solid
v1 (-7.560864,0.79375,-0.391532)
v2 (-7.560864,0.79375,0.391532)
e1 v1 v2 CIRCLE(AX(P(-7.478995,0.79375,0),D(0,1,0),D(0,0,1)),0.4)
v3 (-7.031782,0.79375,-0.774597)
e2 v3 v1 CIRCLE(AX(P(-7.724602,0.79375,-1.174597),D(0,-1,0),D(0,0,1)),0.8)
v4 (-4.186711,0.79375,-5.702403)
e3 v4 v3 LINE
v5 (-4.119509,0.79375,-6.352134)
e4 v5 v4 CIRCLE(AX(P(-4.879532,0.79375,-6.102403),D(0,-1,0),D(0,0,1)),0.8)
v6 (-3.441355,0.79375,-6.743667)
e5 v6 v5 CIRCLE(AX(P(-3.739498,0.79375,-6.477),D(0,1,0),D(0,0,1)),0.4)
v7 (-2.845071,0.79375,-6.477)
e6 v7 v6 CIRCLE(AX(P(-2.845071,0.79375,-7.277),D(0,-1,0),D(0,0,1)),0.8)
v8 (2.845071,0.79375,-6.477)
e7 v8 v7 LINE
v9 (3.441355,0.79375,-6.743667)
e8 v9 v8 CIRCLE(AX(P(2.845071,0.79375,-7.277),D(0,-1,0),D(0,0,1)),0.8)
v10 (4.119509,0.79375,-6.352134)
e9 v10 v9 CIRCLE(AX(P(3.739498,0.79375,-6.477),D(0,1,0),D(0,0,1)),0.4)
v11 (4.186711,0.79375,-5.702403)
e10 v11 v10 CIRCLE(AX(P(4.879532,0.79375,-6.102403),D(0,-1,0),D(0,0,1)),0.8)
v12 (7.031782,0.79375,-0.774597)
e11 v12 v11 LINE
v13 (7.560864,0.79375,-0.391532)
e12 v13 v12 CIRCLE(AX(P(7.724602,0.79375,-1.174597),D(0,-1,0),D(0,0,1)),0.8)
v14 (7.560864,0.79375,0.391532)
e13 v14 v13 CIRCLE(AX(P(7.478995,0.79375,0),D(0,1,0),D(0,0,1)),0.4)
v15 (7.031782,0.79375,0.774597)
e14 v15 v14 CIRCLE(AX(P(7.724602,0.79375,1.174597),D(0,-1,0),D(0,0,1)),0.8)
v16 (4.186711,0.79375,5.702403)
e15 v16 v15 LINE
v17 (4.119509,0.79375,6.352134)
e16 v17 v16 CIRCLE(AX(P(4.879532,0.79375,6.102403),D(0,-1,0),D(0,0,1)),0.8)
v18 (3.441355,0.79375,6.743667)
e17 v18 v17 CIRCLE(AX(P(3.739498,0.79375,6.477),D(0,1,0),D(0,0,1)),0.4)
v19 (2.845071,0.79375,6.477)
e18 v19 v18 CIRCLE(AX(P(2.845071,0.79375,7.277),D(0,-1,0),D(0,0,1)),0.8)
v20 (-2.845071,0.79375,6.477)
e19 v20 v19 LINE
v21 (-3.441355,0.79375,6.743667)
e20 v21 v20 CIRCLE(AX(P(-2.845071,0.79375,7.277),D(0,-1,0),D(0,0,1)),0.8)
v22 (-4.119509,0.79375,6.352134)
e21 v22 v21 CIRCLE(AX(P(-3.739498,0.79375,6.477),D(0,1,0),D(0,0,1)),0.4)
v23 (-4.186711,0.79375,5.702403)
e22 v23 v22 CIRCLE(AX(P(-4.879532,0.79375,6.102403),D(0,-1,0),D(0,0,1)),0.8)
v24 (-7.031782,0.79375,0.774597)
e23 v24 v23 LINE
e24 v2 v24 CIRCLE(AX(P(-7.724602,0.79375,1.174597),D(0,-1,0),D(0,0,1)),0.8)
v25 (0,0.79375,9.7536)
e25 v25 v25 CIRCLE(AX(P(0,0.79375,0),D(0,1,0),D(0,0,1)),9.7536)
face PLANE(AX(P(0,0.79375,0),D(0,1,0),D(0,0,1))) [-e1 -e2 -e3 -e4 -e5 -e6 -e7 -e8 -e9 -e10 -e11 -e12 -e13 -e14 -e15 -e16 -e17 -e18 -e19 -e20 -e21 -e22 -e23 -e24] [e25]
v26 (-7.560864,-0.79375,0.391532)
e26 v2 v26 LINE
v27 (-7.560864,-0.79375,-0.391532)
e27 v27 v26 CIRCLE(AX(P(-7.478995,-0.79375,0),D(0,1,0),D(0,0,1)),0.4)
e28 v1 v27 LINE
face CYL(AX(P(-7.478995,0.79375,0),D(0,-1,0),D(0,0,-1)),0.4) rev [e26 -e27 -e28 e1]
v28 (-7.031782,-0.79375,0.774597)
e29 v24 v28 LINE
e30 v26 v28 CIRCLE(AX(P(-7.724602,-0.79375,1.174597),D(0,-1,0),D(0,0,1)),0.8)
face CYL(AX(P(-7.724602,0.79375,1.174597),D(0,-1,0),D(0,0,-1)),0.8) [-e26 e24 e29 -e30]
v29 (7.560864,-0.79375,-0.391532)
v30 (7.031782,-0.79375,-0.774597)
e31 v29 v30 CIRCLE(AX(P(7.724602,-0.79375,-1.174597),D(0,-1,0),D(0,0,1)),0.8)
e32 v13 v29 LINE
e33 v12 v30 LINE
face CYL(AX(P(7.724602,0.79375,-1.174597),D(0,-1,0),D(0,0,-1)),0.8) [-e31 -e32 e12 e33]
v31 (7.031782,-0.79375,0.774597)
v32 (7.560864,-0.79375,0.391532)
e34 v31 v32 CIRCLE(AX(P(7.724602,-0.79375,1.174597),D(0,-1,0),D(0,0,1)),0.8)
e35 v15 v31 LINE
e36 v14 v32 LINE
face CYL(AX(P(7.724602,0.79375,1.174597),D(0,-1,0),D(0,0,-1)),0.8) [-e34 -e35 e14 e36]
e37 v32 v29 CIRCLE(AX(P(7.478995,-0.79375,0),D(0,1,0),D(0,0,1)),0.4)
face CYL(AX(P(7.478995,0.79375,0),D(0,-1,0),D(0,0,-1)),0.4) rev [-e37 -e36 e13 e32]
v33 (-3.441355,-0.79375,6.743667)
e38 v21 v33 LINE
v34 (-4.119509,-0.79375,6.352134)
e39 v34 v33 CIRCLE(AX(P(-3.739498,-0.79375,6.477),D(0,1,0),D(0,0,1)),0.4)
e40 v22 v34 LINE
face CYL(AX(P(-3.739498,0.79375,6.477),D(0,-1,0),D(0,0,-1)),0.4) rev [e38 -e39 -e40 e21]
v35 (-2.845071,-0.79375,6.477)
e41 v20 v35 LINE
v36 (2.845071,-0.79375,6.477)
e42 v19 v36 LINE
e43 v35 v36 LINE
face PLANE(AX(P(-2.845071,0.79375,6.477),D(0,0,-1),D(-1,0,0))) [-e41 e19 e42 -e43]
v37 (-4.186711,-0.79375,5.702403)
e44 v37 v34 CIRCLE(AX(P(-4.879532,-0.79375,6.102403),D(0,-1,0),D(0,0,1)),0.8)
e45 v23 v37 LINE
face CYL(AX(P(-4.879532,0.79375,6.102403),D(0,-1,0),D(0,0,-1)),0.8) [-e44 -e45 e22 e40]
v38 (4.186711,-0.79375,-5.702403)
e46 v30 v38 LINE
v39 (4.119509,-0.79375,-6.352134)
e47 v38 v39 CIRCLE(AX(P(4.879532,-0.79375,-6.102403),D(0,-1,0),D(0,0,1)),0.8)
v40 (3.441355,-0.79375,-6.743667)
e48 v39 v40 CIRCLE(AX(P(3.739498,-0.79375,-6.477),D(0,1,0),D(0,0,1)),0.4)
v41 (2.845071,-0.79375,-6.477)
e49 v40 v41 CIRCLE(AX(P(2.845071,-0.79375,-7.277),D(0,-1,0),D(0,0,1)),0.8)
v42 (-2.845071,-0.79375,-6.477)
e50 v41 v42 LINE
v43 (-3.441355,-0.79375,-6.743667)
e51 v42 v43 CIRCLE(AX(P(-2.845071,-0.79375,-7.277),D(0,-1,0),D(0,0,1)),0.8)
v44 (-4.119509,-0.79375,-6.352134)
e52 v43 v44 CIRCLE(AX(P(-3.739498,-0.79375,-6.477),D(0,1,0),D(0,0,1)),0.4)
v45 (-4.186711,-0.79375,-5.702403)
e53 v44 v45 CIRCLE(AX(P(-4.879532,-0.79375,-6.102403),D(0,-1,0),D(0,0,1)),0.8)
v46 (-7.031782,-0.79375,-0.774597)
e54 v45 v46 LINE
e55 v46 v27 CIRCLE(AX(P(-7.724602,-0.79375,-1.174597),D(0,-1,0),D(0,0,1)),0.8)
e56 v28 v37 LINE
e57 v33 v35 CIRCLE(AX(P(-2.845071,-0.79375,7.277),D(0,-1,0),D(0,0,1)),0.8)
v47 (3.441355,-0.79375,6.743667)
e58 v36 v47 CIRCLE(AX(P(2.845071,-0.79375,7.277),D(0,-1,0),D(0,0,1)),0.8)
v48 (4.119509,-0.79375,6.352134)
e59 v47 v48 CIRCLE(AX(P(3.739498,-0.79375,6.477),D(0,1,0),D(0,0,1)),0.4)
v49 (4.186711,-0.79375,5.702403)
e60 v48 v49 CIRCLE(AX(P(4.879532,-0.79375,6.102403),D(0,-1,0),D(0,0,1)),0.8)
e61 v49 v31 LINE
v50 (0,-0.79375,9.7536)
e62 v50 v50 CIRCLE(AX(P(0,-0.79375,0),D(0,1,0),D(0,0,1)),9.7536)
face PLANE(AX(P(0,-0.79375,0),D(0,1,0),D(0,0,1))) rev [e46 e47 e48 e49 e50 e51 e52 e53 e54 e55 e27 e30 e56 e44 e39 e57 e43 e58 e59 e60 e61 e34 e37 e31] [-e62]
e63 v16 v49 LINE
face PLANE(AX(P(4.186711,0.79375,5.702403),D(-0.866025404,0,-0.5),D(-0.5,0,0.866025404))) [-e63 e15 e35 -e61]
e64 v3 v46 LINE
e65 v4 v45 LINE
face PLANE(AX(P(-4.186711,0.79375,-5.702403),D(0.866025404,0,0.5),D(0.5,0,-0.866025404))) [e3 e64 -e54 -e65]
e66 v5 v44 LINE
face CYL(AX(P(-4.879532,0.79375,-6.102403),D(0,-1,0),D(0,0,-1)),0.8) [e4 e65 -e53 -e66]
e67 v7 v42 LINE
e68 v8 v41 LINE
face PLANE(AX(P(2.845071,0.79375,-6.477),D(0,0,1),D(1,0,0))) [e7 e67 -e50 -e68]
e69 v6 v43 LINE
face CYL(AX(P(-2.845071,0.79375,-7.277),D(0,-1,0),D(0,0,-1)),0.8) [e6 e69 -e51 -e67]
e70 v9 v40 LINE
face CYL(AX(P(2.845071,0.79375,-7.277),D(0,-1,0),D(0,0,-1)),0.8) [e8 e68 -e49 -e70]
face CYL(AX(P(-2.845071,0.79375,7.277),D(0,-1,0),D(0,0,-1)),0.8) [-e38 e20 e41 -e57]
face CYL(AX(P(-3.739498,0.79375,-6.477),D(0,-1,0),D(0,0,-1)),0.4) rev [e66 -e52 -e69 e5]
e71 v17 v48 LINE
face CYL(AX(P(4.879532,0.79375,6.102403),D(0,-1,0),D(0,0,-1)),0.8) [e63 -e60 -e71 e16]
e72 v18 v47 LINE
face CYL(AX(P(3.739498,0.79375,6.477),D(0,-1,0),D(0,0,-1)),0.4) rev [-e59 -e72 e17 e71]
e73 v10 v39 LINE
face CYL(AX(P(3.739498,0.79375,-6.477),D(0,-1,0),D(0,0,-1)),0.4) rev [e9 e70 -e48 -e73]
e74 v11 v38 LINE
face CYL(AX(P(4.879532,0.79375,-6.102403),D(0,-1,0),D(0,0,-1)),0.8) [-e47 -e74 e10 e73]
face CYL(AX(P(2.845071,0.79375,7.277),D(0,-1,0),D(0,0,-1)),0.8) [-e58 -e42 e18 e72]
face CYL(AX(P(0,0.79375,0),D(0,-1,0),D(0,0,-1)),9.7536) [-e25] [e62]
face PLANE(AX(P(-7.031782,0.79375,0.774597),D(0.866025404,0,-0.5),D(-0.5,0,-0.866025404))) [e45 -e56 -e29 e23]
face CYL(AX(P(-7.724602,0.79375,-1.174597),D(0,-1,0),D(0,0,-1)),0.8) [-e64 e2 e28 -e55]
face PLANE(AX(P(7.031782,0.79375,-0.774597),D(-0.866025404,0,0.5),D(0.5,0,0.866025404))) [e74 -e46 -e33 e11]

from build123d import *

# Parameters (mm, degrees)
CROQUIS1_R              = 9.7536
SALIENTE_EXTRUIR1_DEPTH = 0.79375


with BuildPart() as part:
    # Croquis1 → Saliente-Extruir1 (new, symmetric)
    with BuildSketch(Plane(origin=(0, 0, 0), x_dir=(1, 0, 0), z_dir=(0, 1, 0))):
        with Locations(Location((0, 0, 0), (0, 0, 270))):
            Circle(CROQUIS1_R)
        with BuildLine():
            Line((4.186711289, -5.702403331), (7.031781792, -0.774596669))
            ThreePointArc((7.031781792, -0.774596669), (7.255445899, -0.526605585), (7.560864296, -0.391532223))
            ThreePointArc((7.560864296, -0.391532223), (7.878995387, 0), (7.560864296, 0.391532223))
            ThreePointArc((7.560864296, 0.391532223), (7.255445899, 0.526605585), (7.031781792, 0.774596669))
            Line((7.031781792, 0.774596669), (4.186711289, 5.702403331))
            ThreePointArc((4.186711289, 5.702403331), (4.083776764, 6.020097672), (4.119509, 6.352134444))
            ThreePointArc((4.119509, 6.352134444), (3.939497694, 6.823410162), (3.441355297, 6.743666667))
            ThreePointArc((3.441355297, 6.743666667), (3.171669135, 6.546703257), (2.845070503, 6.477))
            Line((2.845070503, 6.477), (-2.845070503, 6.477))
            ThreePointArc((-2.845070503, 6.477), (-3.171669135, 6.546703257), (-3.441355297, 6.743666667))
            ThreePointArc((-3.441355297, 6.743666667), (-3.939497694, 6.823410162), (-4.119509, 6.352134444))
            ThreePointArc((-4.119509, 6.352134444), (-4.083776764, 6.020097672), (-4.186711289, 5.702403331))
            Line((-4.186711289, 5.702403331), (-7.031781792, 0.774596669))
            ThreePointArc((-7.031781792, 0.774596669), (-7.255445899, 0.526605585), (-7.560864296, 0.391532223))
            ThreePointArc((-7.560864296, 0.391532223), (-7.878995387, 0), (-7.560864296, -0.391532223))
            ThreePointArc((-7.560864296, -0.391532223), (-7.255445899, -0.526605585), (-7.031781792, -0.774596669))
            Line((-7.031781792, -0.774596669), (-4.186711289, -5.702403331))
            ThreePointArc((-4.186711289, -5.702403331), (-4.083776764, -6.020097672), (-4.119509, -6.352134444))
            ThreePointArc((-4.119509, -6.352134444), (-3.939497694, -6.823410162), (-3.441355297, -6.743666667))
            ThreePointArc((-3.441355297, -6.743666667), (-3.171669135, -6.546703257), (-2.845070503, -6.477))
            Line((-2.845070503, -6.477), (2.845070503, -6.477))
            ThreePointArc((2.845070503, -6.477), (3.171669135, -6.546703257), (3.441355297, -6.743666667))
            ThreePointArc((3.441355297, -6.743666667), (3.939497694, -6.823410162), (4.119509, -6.352134444))
            ThreePointArc((4.119509, -6.352134444), (4.083776764, -6.020097672), (4.186711289, -5.702403331))
        make_face(mode=Mode.SUBTRACT)
    extrude(amount=SALIENTE_EXTRUIR1_DEPTH, both=True)


solid = part.part
